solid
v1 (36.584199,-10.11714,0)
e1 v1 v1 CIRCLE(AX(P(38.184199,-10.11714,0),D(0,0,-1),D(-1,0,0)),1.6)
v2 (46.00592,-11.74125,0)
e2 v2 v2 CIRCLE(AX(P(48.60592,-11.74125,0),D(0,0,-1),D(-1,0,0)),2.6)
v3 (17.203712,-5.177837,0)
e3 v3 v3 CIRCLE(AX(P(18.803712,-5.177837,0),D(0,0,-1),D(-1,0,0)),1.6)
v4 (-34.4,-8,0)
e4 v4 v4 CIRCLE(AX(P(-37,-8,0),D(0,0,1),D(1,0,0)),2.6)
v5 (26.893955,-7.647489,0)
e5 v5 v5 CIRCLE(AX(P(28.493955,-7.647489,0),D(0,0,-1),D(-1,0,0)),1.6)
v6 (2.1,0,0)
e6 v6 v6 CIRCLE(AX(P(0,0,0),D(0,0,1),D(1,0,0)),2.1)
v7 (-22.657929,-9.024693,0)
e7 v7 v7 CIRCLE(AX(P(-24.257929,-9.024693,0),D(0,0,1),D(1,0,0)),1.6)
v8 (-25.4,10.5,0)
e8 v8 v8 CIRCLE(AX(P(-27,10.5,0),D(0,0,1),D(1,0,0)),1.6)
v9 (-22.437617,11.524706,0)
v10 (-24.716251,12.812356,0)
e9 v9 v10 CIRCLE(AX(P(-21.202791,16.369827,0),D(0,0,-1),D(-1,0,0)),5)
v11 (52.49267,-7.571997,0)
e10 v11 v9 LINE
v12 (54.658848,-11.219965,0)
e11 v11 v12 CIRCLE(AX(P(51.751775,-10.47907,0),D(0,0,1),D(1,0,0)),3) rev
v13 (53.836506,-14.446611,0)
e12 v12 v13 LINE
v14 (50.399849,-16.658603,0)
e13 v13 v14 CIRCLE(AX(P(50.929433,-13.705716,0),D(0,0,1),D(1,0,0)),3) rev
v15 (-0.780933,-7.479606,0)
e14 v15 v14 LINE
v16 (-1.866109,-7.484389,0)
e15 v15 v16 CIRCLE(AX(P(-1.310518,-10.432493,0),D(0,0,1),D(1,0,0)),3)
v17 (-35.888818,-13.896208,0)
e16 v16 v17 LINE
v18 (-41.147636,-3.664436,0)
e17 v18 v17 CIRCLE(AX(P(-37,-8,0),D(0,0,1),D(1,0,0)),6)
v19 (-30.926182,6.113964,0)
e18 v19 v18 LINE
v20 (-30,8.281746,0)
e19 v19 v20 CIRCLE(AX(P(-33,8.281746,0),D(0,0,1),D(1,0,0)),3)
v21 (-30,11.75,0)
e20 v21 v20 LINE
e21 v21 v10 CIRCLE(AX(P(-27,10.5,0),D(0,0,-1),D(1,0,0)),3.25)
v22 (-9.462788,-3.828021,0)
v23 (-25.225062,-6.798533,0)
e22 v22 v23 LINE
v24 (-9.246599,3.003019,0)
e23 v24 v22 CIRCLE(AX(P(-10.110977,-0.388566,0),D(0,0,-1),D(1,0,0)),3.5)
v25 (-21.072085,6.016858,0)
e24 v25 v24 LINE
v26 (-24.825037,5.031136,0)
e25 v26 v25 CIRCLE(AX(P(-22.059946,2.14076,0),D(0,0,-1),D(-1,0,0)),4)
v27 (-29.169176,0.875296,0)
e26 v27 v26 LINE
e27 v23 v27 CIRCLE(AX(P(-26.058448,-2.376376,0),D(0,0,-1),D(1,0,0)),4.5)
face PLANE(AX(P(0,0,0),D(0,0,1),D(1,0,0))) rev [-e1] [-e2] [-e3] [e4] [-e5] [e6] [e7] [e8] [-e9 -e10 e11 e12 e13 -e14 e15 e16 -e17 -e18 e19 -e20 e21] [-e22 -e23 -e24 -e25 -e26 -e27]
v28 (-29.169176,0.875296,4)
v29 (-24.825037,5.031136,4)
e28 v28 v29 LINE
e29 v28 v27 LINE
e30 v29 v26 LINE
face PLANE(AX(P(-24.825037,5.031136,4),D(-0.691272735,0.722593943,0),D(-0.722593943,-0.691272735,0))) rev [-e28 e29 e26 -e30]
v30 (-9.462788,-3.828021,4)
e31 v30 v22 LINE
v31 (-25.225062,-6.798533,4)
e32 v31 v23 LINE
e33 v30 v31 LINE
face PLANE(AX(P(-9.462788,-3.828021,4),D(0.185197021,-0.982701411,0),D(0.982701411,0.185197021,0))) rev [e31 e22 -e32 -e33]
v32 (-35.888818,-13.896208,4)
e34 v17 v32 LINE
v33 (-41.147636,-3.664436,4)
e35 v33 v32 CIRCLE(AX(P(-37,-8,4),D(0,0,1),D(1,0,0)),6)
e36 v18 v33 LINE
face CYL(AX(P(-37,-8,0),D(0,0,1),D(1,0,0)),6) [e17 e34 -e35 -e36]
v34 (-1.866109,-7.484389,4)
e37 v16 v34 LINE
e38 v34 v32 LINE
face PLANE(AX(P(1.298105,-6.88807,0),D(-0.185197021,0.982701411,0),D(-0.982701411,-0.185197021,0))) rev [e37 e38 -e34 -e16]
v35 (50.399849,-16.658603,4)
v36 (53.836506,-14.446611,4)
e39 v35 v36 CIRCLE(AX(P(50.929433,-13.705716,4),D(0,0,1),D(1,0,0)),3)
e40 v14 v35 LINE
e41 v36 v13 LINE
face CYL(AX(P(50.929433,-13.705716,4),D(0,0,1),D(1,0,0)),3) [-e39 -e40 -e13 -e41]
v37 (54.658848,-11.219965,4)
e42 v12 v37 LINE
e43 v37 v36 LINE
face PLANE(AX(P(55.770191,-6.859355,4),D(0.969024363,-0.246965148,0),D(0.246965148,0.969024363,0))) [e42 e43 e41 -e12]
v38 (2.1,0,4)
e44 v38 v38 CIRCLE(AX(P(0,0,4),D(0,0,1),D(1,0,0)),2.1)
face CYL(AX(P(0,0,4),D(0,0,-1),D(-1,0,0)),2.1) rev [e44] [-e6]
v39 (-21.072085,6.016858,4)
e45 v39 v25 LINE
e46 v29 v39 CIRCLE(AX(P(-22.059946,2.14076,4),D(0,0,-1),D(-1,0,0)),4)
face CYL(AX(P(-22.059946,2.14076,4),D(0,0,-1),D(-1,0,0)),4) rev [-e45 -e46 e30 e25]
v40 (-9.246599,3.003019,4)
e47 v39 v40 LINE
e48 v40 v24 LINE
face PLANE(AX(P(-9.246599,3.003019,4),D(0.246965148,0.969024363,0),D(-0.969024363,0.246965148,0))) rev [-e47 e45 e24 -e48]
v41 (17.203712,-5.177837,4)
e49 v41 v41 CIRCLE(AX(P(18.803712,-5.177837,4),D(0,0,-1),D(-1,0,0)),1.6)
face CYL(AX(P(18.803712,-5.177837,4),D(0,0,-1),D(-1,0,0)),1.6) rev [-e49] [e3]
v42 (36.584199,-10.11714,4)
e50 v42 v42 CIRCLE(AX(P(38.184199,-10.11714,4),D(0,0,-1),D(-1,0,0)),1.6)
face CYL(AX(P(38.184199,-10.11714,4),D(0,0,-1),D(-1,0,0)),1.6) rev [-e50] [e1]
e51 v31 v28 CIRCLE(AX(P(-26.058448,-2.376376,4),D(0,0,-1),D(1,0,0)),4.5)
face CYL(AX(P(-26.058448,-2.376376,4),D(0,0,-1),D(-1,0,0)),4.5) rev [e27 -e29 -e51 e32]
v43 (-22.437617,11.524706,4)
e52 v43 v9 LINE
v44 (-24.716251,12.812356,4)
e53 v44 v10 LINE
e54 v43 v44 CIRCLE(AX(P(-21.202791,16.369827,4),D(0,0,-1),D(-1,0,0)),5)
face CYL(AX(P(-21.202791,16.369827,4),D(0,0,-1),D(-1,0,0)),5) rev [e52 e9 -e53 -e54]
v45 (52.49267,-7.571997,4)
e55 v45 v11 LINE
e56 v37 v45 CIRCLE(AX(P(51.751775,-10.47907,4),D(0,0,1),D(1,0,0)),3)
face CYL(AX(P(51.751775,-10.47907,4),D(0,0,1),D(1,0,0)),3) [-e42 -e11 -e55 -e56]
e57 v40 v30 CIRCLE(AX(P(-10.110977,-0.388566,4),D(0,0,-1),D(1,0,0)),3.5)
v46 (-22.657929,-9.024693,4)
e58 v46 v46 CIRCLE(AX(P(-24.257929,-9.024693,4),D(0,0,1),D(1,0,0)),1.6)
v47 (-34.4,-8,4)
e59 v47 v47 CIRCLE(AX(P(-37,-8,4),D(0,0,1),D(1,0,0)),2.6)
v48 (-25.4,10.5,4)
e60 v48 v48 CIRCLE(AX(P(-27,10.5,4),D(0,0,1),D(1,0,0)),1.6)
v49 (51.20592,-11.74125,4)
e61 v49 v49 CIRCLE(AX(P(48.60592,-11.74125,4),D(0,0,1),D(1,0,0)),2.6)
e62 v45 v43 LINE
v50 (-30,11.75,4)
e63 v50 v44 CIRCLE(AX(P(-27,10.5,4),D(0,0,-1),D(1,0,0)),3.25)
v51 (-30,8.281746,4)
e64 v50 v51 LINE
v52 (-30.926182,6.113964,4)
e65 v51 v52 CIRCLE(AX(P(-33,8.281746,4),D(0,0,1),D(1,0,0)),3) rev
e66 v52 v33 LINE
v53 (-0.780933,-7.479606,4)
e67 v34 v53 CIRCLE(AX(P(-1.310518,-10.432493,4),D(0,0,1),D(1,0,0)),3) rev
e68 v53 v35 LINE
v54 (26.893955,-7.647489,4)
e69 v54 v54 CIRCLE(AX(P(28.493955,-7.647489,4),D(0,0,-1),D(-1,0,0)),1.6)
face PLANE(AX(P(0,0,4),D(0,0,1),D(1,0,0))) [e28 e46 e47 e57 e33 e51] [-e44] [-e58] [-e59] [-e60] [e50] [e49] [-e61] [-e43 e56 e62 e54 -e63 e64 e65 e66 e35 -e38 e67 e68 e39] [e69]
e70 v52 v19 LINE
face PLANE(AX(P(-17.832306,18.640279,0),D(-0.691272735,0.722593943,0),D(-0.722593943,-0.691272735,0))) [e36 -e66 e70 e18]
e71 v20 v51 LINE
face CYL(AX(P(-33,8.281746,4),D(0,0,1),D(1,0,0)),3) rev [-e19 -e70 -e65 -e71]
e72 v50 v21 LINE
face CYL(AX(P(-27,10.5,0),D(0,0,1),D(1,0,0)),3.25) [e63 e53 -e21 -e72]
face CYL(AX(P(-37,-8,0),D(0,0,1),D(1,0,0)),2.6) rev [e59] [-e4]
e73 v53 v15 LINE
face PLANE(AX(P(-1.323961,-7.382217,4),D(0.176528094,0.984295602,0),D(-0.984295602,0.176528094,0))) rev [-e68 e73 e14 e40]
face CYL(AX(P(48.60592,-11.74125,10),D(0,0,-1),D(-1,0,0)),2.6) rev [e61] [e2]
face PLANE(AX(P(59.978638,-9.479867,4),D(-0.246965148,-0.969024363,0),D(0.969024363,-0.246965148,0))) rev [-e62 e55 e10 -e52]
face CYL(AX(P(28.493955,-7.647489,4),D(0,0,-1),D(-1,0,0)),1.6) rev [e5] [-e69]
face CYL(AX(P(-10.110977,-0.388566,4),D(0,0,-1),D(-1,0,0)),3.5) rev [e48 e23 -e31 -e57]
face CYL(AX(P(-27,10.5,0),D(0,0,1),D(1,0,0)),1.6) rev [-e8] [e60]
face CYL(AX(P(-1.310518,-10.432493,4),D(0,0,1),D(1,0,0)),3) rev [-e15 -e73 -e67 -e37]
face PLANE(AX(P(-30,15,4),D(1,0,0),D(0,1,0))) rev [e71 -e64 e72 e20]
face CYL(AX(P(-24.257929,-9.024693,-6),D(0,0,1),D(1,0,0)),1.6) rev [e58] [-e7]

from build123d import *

# Parameters (mm, degrees)
SKETCH_1_R          = 2.1
EXTRUDE_1_DEPTH     = 4
FILLET_3_R          = 5
CUT_EXTRUDE_1_DEPTH = 48.602520942
SKETCH_5_R          = 1.6
CUT_EXTRUDE_4_DEPTH = 45.060309279
SKETCH_6_R          = 2.6
EXTRUDE_3_DEPTH     = 4
FILLET_4_R          = 3
EXTRUDE_6_DEPTH     = 4
SKETCH_8_R          = 1.6
CUT_EXTRUDE_5_DEPTH = 59.484887667
CUT_EXTRUDE_6_DEPTH = 59.484887667
SKETCH_10_R         = 1.6
EXTRUDE_5_DEPTH     = 4
CUT_EXTRUDE_7_DEPTH = 59.131742072
FILLET_5_R          = 3
SKETCH_13_R         = 2.6
CUT_EXTRUDE_8_DEPTH = 10
SKETCH_14_R         = 1.6
CUT_EXTRUDE_9_DEPTH = 10


with BuildPart() as part:
    # 草图1 → 凸台-拉伸1 (new body)
    with BuildSketch(Plane.XY):
        with BuildLine():
            Line((-30, 15), (-30, 8))
            Line((-30, 8), (-3.625760775, -6.565352908))
            ThreePointArc((-3.625760775, -6.565352908), (-2.508336586, -7.068114853), (-1.323960706, -7.382217014))
            Line((-1.323960706, -7.382217014), (30, -13))
            Line((30, -13), (40, -13))
            ThreePointArc((40, -13), (44.961129361, -8.622250323), (41.234825739, -3.154878186))
            Line((41.234825739, -3.154878186), (-8.89090638, 9.620145142))
            Line((-8.89090638, 9.620145142), (-30, 15))
        make_face()
        Circle(SKETCH_1_R, mode=Mode.SUBTRACT)
    extrude(amount=EXTRUDE_1_DEPTH)

    # 圆角3
    fillet_3_edges = [part.edges().sort_by_distance(p)[0] for p in [
        (30, -13, 2),
    ]]
    fillet(fillet_3_edges, radius=FILLET_3_R)

    # 草图2 → 切除-拉伸1 (cut, through all)
    with BuildSketch(Plane.XY.offset(4)):
        Polygon((41.234825739, -3.154878186), (38.343573198, -14.499370217), (44.079449635, -18.425378343), (50.650422799, -6.675561263), (42.473370603, -0.777871599), align=None)
    extrude(amount=-CUT_EXTRUDE_1_DEPTH, mode=Mode.SUBTRACT)

    # 草图5 → 切除-拉伸4 (cut, through all)
    with BuildSketch(Plane.XY.offset(4)):
        with Locations((-27, 10.5)):
            Circle(SKETCH_5_R)
        with BuildLine():
            Line((-27, 13.75), (-27.802461724, 17.848471623))
            Line((-27.802461724, 17.848471623), (-34.200130402, 16.595837785))
            Line((-34.200130402, 16.595837785), (-34.200130402, 10.5))
            Line((-34.200130402, 10.5), (-30.25, 10.5))
            ThreePointArc((-30.25, 10.5), (-29.298097039, 12.798097039), (-27, 13.75))
        make_face()
    extrude(amount=-CUT_EXTRUDE_4_DEPTH, mode=Mode.SUBTRACT)

    # 草图6 → 凸台-拉伸3 (add)
    with BuildSketch(Plane.XY.offset(4)):
        with BuildLine():
            Line((-1.323960706, -7.382217014), (-35.888817872, -13.896208466))
            ThreePointArc((-35.888817872, -13.896208466), (-42.336413013, -10.742753389), (-41.147636408, -3.664436343))
            Line((-41.147636408, -3.664436343), (-30, 7))
            Line((-30, 7), (-30, 8))
            Line((-30, 8), (-1.323960706, -7.382217014))
        make_face()
        with Locations((-37, -8)):
            Circle(SKETCH_6_R, mode=Mode.SUBTRACT)
    extrude(amount=-EXTRUDE_3_DEPTH)

    # 圆角4
    fillet_4_edges = [part.edges().sort_by_distance(p)[0] for p in [
        (41.234825739, -3.154878186, 2),
        (-1.323960706, -7.382217014, 2),
        (38.725702071, -13, 2),
        (-30, 7, 2),
    ]]
    fillet(fillet_4_edges, radius=FILLET_4_R)

    # 草图12 → 凸台-拉伸6 (add, through all)
    with BuildSketch(Plane(origin=(0, 0, 0), x_dir=(-1, 0, 0), z_dir=(0, 0, -1))):
        Polygon((-38.32775265, -2.413982742), (-55.770191182, -6.859355403), (-53.147184729, -17.151322425), (-28.912835061, -12.805022846), align=None)
    extrude(amount=-EXTRUDE_6_DEPTH)

    # 草图8 → 切除-拉伸5 (cut, through all)
    with BuildSketch(Plane(origin=(0, 0, 0), x_dir=(-1, 0, 0), z_dir=(0, 0, -1))):
        with Locations((-18.803711615, -5.177837216)):
            Circle(SKETCH_8_R)
        with Locations((-28.493955243, -7.647488694)):
            Circle(SKETCH_8_R)
        with Locations((-38.184198872, -10.117140172)):
            Circle(SKETCH_8_R)
    extrude(amount=-CUT_EXTRUDE_5_DEPTH, mode=Mode.SUBTRACT)

    # 草图9 → 切除-拉伸6 (cut, through all)
    with BuildSketch(Plane(origin=(0, 0, 0), x_dir=(-1, 0, 0), z_dir=(0, 0, -1))):
        with BuildLine():
            Line((30, 11.75), (30, 25.879948008))
            Line((30, 25.879948008), (-59.978637955, 25.879948008))
            Line((-59.978637955, 25.879948008), (-59.978637955, -9.479867102))
            Line((-59.978637955, -9.479867102), (22.437617221, 11.52470556))
            ThreePointArc((22.437617221, 11.52470556), (23.662682687, 12.016789899), (24.71625119, 12.812356238))
            ThreePointArc((24.71625119, 12.812356238), (27.640627923, 13.686235375), (30, 11.75))
        make_face()
    extrude(amount=-CUT_EXTRUDE_6_DEPTH, mode=Mode.SUBTRACT)

    # 草图10 → 凸台-拉伸5 (add, through all)
    with BuildSketch(Plane(origin=(0, 0, 0), x_dir=(-1, 0, 0), z_dir=(0, 0, -1))):
        with BuildLine():
            Line((30, 11.75), (30, 9.25))
            ThreePointArc((30, 9.25), (23.75, 10.5), (30, 11.75))
        make_face()
        with Locations(Location((27, 10.5, 0), (0, 0, 180))):
            Circle(SKETCH_10_R, mode=Mode.SUBTRACT)
    extrude(amount=-EXTRUDE_5_DEPTH)

    # 草图11 → 切除-拉伸7 (cut, through all)
    with BuildSketch(Plane(origin=(0, 0, 0), x_dir=(-1, 0, 0), z_dir=(0, 0, -1))):
        with BuildLine():
            Line((24.825037002, 5.031136033), (29.169175717, 0.875296258))
            ThreePointArc((29.169175717, 0.875296258), (30.06075817, -4.433441527), (25.225061815, -6.798532835))
            Line((25.225061815, -6.798532835), (9.462787836, -3.82802098))
            ThreePointArc((9.462787836, -3.82802098), (6.612728883, -0.499278448), (9.246599393, 3.003019229))
            Line((9.246599393, 3.003019229), (21.072085472, 6.016857713))
            ThreePointArc((21.072085472, 6.016857713), (23.076090116, 6.009539302), (24.825037002, 5.031136033))
        make_face()
    extrude(amount=-CUT_EXTRUDE_7_DEPTH, mode=Mode.SUBTRACT)

    # 圆角5
    fillet_5_edges = [part.edges().sort_by_distance(p)[0] for p in [
        (53.147184729, -17.151322425, 2),
        (55.39974346, -8.312891947, 2),
    ]]
    fillet(fillet_5_edges, radius=FILLET_5_R)

    # 草图13 → 切除-拉伸8 (cut)
    with BuildSketch(Plane(origin=(0, 0, 0), x_dir=(-1, 0, 0), z_dir=(0, 0, -1))):
        with Locations((-48.605919829, -11.741249861)):
            Circle(SKETCH_13_R)
    extrude(amount=-CUT_EXTRUDE_8_DEPTH, mode=Mode.SUBTRACT)

    # 草图14 → 切除-拉伸9 (cut)
    with BuildSketch(Plane.XY.offset(4)):
        with Locations((-24.257929074, -9.024692947)):
            Circle(SKETCH_14_R)
    extrude(amount=-CUT_EXTRUDE_9_DEPTH, mode=Mode.SUBTRACT)


solid = part.part
